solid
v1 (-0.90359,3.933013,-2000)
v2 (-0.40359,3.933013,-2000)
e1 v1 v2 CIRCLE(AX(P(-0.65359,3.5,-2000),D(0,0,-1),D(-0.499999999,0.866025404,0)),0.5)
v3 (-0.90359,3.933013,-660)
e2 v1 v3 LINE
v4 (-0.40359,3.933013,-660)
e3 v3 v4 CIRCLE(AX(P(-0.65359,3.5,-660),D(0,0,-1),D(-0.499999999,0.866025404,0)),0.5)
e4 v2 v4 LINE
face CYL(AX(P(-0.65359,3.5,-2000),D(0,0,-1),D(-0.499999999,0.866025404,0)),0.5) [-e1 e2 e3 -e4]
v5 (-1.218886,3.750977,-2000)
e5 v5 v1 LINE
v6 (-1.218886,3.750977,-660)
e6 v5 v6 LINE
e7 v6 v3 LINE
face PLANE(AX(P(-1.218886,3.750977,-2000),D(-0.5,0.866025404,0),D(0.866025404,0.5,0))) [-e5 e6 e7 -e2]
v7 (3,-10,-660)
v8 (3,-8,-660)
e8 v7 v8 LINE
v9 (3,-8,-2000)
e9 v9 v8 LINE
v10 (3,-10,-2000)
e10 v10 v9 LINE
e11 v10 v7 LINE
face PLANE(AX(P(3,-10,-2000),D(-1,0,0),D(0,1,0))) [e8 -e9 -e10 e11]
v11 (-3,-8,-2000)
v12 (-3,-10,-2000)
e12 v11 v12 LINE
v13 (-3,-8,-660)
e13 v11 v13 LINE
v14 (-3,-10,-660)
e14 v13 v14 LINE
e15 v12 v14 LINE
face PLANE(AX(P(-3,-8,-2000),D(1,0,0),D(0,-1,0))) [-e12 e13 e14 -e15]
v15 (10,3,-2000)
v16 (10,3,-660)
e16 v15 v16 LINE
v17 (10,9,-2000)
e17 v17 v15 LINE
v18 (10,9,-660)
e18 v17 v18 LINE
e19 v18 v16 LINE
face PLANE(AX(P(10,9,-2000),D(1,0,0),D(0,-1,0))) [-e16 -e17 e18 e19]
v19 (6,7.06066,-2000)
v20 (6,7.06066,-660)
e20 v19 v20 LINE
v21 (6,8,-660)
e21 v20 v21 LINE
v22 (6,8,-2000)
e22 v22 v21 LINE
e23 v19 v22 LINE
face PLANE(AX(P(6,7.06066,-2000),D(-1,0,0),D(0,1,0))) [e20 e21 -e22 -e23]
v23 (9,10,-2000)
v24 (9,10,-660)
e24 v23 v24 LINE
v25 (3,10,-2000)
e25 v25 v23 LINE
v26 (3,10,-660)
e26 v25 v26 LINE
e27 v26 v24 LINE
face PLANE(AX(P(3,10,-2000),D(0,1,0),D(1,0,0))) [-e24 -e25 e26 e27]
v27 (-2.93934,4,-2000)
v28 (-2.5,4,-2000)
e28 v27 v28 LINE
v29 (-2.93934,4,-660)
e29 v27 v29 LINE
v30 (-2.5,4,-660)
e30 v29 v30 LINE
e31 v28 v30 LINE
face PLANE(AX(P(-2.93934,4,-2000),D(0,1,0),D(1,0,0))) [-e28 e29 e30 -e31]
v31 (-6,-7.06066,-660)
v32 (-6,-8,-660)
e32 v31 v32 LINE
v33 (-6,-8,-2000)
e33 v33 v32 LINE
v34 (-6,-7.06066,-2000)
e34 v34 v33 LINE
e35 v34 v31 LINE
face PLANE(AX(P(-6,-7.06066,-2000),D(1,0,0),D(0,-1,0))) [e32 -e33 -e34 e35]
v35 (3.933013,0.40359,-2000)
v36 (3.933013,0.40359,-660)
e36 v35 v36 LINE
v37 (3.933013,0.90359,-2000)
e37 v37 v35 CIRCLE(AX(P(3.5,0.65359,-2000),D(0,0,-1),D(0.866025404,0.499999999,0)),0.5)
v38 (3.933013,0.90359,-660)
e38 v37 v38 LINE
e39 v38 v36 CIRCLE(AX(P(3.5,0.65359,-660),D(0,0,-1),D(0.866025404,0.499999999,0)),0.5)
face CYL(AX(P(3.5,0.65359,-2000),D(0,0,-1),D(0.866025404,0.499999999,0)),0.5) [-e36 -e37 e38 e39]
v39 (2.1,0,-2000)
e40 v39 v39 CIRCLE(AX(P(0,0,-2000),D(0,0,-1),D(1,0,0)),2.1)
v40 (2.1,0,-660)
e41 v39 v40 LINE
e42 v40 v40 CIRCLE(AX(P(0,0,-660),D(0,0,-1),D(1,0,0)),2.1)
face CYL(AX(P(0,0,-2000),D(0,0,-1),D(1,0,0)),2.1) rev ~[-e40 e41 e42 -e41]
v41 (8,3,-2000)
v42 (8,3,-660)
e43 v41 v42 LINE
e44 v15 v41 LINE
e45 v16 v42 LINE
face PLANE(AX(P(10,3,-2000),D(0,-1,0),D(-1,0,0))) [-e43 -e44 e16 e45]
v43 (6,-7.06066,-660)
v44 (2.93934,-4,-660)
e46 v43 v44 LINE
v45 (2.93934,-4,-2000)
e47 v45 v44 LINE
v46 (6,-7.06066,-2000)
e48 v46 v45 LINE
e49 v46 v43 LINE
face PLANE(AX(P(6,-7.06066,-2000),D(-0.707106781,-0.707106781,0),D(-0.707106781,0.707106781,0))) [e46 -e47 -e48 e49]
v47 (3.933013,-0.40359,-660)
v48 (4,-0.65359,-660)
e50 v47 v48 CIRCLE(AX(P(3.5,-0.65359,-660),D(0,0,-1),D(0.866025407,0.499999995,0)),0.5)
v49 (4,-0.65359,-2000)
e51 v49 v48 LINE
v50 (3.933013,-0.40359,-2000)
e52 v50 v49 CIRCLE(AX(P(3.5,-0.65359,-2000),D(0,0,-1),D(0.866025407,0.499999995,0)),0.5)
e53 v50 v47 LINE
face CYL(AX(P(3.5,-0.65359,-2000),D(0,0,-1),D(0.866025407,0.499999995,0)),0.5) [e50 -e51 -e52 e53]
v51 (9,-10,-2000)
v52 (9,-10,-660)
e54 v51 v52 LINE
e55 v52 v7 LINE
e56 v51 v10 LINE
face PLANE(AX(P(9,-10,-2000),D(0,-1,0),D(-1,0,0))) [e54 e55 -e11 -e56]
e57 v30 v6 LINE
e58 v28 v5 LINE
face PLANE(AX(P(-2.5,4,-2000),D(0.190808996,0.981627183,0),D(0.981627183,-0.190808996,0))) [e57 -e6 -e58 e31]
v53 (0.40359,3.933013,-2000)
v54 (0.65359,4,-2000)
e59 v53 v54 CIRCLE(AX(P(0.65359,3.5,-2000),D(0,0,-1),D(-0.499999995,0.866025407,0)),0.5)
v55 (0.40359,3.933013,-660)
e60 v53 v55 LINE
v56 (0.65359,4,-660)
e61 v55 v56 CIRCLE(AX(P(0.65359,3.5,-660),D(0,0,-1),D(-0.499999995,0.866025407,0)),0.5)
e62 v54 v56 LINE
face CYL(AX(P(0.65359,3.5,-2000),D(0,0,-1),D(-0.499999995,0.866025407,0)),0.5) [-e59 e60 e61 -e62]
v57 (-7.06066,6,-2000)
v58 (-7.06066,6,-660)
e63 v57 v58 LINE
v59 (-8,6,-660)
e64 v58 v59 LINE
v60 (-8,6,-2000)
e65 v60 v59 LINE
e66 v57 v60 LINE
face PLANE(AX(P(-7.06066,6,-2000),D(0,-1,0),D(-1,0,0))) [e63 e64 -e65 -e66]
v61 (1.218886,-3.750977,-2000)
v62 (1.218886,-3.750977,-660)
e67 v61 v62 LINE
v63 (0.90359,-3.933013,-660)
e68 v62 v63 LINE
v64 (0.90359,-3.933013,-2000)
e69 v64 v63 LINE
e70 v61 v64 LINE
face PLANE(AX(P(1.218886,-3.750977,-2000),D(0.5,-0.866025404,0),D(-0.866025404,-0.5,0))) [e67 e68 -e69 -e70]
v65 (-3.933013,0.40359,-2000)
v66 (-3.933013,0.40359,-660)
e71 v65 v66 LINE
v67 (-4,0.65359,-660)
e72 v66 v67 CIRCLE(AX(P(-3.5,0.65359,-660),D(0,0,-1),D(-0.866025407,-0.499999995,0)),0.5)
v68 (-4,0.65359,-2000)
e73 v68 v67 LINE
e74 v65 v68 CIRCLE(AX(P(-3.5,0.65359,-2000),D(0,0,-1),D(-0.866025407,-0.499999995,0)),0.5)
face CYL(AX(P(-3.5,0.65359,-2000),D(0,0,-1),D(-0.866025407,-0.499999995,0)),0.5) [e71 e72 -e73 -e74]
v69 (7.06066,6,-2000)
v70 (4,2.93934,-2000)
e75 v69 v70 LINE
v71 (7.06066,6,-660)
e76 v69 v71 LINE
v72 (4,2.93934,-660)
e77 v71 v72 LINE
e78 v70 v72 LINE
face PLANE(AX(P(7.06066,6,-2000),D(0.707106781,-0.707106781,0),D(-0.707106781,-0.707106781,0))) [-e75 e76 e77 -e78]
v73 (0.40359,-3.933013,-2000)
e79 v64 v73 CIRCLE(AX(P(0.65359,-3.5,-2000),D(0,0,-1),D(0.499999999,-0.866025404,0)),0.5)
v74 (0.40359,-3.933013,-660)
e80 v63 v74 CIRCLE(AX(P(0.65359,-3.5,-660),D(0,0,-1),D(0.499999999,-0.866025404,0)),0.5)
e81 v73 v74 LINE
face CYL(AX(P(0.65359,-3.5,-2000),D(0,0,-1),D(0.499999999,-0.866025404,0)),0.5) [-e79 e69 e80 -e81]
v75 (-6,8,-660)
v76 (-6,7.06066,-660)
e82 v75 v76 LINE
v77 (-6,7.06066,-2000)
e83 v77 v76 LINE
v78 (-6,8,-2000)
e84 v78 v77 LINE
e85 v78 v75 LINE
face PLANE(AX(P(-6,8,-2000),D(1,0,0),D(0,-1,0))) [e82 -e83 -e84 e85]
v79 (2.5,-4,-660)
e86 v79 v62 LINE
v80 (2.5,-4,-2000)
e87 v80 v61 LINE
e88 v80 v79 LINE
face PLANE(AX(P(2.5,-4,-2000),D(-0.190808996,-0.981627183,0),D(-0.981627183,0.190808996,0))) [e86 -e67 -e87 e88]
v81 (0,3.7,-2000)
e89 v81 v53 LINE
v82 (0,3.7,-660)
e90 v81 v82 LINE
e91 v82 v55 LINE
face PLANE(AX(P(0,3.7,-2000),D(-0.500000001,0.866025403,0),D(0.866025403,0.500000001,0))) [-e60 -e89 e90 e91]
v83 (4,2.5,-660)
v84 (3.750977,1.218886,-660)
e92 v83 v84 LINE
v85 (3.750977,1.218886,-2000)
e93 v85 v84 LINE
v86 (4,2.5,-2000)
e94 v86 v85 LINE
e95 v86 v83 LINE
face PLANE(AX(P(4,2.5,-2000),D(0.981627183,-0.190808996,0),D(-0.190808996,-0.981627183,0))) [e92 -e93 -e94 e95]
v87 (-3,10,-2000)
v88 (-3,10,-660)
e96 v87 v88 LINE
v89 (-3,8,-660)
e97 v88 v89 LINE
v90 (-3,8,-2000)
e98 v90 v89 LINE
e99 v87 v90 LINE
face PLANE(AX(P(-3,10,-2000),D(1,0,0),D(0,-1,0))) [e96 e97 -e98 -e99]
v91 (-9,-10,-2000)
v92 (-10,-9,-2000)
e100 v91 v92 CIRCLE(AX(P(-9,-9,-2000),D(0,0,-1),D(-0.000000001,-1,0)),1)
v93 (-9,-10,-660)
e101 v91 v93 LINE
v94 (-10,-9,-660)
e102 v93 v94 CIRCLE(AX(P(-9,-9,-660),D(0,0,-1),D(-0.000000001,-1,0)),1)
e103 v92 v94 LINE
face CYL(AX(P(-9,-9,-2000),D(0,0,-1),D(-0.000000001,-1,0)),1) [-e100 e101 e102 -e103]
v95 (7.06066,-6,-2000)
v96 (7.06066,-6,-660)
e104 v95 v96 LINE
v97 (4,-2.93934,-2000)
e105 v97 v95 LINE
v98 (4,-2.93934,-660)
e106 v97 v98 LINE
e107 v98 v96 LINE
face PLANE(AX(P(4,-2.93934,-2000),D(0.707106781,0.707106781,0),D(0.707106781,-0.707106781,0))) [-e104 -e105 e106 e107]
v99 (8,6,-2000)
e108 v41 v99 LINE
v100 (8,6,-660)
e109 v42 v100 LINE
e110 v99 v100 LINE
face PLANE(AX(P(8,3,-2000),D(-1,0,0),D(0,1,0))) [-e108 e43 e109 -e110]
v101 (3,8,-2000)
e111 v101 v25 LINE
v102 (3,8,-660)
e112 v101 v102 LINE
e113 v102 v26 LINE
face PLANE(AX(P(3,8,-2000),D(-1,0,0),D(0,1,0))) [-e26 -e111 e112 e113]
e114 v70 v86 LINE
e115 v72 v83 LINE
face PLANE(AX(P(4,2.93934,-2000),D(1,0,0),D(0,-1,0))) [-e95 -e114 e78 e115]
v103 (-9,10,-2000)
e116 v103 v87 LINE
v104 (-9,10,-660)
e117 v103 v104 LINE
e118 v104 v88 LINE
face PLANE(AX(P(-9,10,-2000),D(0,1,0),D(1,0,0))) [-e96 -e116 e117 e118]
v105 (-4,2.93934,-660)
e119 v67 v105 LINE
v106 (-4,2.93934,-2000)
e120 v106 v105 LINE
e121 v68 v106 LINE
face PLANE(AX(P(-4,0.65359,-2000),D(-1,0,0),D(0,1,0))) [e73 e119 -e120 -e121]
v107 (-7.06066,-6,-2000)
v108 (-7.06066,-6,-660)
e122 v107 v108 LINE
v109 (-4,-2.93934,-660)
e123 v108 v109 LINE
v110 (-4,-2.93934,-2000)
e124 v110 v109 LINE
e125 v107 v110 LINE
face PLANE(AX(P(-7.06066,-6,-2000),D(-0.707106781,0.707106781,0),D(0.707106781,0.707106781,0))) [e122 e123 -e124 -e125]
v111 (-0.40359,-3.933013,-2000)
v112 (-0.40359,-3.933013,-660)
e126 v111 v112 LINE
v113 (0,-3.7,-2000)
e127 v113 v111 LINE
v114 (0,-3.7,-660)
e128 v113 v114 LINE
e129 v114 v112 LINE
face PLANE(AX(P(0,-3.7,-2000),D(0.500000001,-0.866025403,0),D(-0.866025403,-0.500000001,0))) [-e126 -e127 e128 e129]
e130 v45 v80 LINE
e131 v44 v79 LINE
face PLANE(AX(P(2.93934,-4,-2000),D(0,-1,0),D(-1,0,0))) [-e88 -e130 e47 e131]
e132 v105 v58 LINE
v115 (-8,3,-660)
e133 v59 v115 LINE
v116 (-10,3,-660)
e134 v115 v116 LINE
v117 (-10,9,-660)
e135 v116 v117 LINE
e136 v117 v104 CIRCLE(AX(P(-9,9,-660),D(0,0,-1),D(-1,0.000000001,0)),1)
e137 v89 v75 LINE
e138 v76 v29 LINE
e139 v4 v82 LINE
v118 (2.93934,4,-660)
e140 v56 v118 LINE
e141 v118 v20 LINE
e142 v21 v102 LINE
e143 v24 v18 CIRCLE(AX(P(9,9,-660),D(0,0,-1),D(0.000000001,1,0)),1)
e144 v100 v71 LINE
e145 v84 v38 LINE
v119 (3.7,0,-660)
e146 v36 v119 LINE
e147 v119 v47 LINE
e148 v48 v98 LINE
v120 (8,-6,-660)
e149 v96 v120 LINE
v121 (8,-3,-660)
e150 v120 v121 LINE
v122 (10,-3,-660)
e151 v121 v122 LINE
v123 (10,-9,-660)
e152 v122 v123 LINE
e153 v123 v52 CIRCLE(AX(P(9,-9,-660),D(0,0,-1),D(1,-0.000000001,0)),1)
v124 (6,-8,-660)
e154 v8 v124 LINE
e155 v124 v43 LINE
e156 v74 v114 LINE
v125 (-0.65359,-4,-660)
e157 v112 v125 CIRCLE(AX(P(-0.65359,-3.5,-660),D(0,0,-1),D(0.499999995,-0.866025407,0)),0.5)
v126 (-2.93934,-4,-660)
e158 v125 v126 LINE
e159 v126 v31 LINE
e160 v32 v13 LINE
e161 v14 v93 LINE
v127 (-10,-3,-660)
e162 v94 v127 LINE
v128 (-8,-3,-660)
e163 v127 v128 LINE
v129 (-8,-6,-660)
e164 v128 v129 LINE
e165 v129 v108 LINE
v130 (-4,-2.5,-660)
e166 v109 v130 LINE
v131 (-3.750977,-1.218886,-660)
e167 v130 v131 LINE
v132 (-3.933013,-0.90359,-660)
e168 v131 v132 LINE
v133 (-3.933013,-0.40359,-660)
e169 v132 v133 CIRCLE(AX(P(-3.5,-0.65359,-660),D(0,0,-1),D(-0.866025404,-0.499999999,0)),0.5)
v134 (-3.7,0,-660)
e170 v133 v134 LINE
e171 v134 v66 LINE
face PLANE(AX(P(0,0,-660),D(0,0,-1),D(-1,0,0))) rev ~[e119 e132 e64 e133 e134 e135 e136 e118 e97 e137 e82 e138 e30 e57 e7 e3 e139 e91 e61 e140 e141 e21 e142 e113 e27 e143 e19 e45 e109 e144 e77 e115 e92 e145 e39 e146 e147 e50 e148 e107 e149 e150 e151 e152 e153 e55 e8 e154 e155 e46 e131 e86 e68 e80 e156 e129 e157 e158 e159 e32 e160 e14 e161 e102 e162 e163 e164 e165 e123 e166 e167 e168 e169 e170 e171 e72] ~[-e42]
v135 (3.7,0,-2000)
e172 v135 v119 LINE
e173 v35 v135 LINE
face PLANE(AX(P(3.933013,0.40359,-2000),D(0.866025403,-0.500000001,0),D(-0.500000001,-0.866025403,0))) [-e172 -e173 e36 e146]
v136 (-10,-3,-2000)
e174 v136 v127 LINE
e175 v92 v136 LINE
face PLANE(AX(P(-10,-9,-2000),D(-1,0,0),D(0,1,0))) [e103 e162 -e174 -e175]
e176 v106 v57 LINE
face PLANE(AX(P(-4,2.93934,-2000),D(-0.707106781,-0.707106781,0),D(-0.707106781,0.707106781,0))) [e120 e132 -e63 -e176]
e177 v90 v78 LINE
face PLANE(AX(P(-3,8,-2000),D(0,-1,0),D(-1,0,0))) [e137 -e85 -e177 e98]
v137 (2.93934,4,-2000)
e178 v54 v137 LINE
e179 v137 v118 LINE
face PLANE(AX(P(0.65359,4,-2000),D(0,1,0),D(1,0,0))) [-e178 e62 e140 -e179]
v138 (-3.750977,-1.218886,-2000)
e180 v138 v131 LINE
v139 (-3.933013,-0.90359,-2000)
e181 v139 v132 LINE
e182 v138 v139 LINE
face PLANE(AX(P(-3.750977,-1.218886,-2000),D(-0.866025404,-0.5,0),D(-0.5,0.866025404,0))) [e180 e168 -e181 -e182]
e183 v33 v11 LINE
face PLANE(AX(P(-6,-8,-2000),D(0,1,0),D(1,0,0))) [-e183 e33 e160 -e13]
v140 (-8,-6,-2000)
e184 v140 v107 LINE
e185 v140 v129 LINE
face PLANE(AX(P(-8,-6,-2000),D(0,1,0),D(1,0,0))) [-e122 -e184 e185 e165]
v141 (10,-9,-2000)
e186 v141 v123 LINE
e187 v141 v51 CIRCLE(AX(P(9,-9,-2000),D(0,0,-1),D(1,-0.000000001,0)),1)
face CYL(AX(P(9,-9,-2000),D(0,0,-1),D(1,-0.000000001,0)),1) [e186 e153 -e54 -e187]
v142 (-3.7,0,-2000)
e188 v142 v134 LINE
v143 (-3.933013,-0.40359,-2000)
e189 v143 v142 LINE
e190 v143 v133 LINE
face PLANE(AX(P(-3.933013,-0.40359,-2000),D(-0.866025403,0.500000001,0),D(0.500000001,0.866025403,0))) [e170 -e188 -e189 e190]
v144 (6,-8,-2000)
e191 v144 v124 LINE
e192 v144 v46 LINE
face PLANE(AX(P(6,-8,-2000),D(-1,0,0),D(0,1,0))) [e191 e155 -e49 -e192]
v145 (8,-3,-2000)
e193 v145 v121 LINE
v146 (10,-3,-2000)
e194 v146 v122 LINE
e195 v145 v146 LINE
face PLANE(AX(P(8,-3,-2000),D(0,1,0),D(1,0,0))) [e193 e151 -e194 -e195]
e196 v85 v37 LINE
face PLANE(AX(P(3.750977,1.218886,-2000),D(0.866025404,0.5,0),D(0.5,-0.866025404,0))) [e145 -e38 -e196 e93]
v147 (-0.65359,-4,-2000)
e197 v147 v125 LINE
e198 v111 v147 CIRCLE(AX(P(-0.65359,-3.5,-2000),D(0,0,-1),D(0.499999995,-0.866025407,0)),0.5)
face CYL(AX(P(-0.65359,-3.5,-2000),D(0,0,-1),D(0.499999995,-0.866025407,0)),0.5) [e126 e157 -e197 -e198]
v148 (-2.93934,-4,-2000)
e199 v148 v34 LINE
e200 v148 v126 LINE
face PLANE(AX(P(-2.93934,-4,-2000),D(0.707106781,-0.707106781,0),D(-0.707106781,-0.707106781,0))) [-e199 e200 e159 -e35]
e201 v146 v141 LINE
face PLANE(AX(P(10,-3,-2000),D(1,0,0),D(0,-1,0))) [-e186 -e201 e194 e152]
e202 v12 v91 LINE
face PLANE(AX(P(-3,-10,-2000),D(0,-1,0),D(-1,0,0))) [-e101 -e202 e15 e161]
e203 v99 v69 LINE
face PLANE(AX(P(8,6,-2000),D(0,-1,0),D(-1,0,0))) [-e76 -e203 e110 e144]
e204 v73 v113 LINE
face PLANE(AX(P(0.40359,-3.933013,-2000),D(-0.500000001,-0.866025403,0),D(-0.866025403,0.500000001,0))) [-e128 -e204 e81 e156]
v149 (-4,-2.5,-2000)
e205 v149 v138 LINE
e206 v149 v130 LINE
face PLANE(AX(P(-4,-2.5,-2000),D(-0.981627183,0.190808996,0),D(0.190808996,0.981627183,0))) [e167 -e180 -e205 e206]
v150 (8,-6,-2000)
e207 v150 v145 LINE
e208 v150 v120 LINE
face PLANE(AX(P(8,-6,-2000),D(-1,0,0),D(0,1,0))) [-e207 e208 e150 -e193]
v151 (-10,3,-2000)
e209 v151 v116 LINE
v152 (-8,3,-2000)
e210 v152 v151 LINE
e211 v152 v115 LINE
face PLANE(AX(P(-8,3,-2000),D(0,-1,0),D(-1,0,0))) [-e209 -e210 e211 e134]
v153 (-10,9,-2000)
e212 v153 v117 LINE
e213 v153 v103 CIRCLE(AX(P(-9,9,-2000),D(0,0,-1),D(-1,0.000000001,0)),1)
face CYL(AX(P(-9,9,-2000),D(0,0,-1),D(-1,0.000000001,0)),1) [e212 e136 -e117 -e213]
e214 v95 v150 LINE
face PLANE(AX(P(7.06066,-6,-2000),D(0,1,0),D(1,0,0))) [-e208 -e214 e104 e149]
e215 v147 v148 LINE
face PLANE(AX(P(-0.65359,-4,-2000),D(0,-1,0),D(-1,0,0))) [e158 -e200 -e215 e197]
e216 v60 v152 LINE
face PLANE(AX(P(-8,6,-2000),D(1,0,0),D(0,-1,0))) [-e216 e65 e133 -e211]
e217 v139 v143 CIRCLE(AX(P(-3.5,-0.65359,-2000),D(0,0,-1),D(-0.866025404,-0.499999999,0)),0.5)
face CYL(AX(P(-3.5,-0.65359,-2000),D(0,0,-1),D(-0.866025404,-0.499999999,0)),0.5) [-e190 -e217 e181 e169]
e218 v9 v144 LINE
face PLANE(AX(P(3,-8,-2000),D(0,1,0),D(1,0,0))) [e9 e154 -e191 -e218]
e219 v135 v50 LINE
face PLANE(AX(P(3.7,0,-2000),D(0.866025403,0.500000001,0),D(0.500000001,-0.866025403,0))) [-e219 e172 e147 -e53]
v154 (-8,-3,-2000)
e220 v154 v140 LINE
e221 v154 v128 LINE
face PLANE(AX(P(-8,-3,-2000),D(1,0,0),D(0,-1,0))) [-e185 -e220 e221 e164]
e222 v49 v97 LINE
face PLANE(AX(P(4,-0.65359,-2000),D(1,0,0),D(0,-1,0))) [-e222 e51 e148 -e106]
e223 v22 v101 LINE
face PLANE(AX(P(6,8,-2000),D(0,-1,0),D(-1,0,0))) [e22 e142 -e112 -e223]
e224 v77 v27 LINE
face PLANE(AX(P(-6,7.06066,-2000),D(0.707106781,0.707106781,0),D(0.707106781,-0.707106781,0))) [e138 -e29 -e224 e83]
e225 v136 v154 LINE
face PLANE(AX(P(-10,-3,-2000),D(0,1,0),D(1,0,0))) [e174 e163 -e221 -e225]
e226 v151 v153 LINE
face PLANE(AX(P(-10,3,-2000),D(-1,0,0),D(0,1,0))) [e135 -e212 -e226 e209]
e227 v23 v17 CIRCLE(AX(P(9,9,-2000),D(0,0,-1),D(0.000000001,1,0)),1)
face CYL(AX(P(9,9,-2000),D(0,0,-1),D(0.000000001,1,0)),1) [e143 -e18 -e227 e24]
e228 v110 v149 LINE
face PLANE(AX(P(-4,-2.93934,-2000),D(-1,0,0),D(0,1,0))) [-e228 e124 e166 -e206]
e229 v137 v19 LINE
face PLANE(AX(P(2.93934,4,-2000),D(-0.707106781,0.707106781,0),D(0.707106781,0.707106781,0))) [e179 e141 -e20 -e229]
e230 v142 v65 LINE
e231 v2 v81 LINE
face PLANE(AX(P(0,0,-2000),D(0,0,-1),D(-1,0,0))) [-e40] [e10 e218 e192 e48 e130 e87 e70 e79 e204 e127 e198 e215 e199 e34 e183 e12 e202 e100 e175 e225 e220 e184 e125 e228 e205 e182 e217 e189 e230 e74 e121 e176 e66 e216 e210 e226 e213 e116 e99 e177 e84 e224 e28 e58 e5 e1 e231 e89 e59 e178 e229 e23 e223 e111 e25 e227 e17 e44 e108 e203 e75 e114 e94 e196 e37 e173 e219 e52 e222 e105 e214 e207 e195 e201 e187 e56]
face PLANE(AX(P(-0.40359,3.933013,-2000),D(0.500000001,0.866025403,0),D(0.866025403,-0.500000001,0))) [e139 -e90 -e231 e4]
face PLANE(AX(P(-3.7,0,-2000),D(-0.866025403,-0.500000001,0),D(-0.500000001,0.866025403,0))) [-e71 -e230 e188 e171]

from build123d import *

# Parameters (mm, degrees)
SKETCH1_R           = 2.1
BOSS_EXTRUDE1_DEPTH = 1340


with BuildPart() as part:
    # Sketch1 → Boss-Extrude1 (new body)
    with BuildSketch(Plane(origin=(0, 0, -2000), x_dir=(-1, 0, 0), z_dir=(0, 0, -1))):
        with BuildLine():
            Line((10, -3), (8, -3))
            Line((8, -3), (8, -6))
            Line((8, -6), (7.060660172, -6))
            Line((7.060660172, -6), (4, -2.939339828))
            Line((4, -2.939339828), (4, -2.5))
            Line((4, -2.5), (3.750976592, -1.218885629))
            Line((3.750976592, -1.218885629), (3.933012702, -0.903589838))
            ThreePointArc((3.933012702, -0.903589838), (4, -0.653589838), (3.933012702, -0.403589838))
            Line((3.933012702, -0.403589838), (3.7, 0))
            Line((3.7, 0), (3.933012702, 0.403589838))
            ThreePointArc((3.933012702, 0.403589838), (3.982962913, 0.524180316), (4, 0.653589838))
            Line((4, 0.653589838), (4, 2.939339828))
            Line((4, 2.939339828), (7.060660172, 6))
            Line((7.060660172, 6), (8, 6))
            Line((8, 6), (8, 3))
            Line((8, 3), (10, 3))
            Line((10, 3), (10, 9))
            ThreePointArc((10, 9), (9.707106781, 9.707106781), (9, 10))
            Line((9, 10), (3, 10))
            Line((3, 10), (3, 8))
            Line((3, 8), (6, 8))
            Line((6, 8), (6, 7.060660172))
            Line((6, 7.060660172), (2.939339828, 4))
            Line((2.939339828, 4), (2.5, 4))
            Line((2.5, 4), (1.218885629, 3.750976592))
            Line((1.218885629, 3.750976592), (0.903589838, 3.933012702))
            ThreePointArc((0.903589838, 3.933012702), (0.653589838, 4), (0.403589838, 3.933012702))
            Line((0.403589838, 3.933012702), (0, 3.7))
            Line((0, 3.7), (-0.403589838, 3.933012702))
            ThreePointArc((-0.403589838, 3.933012702), (-0.524180316, 3.982962913), (-0.653589838, 4))
            Line((-0.653589838, 4), (-2.939339828, 4))
            Line((-2.939339828, 4), (-6, 7.060660172))
            Line((-6, 7.060660172), (-6, 8))
            Line((-6, 8), (-3, 8))
            Line((-3, 8), (-3, 10))
            Line((-3, 10), (-9, 10))
            ThreePointArc((-9, 10), (-9.707106781, 9.707106781), (-10, 9))
            Line((-10, 9), (-10, 3))
            Line((-10, 3), (-8, 3))
            Line((-8, 3), (-8, 6))
            Line((-8, 6), (-7.060660172, 6))
            Line((-7.060660172, 6), (-4, 2.939339828))
            Line((-4, 2.939339828), (-4, 2.5))
            Line((-4, 2.5), (-3.750976592, 1.218885629))
            Line((-3.750976592, 1.218885629), (-3.933012702, 0.903589838))
            ThreePointArc((-3.933012702, 0.903589838), (-4, 0.653589838), (-3.933012702, 0.403589838))
            Line((-3.933012702, 0.403589838), (-3.7, 0))
            Line((-3.7, 0), (-3.933012702, -0.403589838))
            ThreePointArc((-3.933012702, -0.403589838), (-3.982962913, -0.524180316), (-4, -0.653589838))
            Line((-4, -0.653589838), (-4, -2.939339828))
            Line((-4, -2.939339828), (-7.060660172, -6))
            Line((-7.060660172, -6), (-8, -6))
            Line((-8, -6), (-8, -3))
            Line((-8, -3), (-10, -3))
            Line((-10, -3), (-10, -9))
            ThreePointArc((-10, -9), (-9.707106781, -9.707106781), (-9, -10))
            Line((-9, -10), (-3, -10))
            Line((-3, -10), (-3, -8))
            Line((-3, -8), (-6, -8))
            Line((-6, -8), (-6, -7.060660172))
            Line((-6, -7.060660172), (-2.939339828, -4))
            Line((-2.939339828, -4), (-2.5, -4))
            Line((-2.5, -4), (-1.218885629, -3.750976592))
            Line((-1.218885629, -3.750976592), (-0.903589838, -3.933012702))
            ThreePointArc((-0.903589838, -3.933012702), (-0.653589838, -4), (-0.403589838, -3.933012702))
            Line((-0.403589838, -3.933012702), (0, -3.7))
            Line((0, -3.7), (0.403589838, -3.933012702))
            ThreePointArc((0.403589838, -3.933012702), (0.524180316, -3.982962913), (0.653589838, -4))
            Line((0.653589838, -4), (2.939339828, -4))
            Line((2.939339828, -4), (6, -7.060660172))
            Line((6, -7.060660172), (6, -8))
            Line((6, -8), (3, -8))
            Line((3, -8), (3, -10))
            Line((3, -10), (9, -10))
            ThreePointArc((9, -10), (9.707106781, -9.707106781), (10, -9))
            Line((10, -9), (10, -3))
        make_face()
        with Locations(Location((0, 0, 0), (0, 0, 180))):
            Circle(SKETCH1_R, mode=Mode.SUBTRACT)
    extrude(amount=-BOSS_EXTRUDE1_DEPTH)


solid = part.part
